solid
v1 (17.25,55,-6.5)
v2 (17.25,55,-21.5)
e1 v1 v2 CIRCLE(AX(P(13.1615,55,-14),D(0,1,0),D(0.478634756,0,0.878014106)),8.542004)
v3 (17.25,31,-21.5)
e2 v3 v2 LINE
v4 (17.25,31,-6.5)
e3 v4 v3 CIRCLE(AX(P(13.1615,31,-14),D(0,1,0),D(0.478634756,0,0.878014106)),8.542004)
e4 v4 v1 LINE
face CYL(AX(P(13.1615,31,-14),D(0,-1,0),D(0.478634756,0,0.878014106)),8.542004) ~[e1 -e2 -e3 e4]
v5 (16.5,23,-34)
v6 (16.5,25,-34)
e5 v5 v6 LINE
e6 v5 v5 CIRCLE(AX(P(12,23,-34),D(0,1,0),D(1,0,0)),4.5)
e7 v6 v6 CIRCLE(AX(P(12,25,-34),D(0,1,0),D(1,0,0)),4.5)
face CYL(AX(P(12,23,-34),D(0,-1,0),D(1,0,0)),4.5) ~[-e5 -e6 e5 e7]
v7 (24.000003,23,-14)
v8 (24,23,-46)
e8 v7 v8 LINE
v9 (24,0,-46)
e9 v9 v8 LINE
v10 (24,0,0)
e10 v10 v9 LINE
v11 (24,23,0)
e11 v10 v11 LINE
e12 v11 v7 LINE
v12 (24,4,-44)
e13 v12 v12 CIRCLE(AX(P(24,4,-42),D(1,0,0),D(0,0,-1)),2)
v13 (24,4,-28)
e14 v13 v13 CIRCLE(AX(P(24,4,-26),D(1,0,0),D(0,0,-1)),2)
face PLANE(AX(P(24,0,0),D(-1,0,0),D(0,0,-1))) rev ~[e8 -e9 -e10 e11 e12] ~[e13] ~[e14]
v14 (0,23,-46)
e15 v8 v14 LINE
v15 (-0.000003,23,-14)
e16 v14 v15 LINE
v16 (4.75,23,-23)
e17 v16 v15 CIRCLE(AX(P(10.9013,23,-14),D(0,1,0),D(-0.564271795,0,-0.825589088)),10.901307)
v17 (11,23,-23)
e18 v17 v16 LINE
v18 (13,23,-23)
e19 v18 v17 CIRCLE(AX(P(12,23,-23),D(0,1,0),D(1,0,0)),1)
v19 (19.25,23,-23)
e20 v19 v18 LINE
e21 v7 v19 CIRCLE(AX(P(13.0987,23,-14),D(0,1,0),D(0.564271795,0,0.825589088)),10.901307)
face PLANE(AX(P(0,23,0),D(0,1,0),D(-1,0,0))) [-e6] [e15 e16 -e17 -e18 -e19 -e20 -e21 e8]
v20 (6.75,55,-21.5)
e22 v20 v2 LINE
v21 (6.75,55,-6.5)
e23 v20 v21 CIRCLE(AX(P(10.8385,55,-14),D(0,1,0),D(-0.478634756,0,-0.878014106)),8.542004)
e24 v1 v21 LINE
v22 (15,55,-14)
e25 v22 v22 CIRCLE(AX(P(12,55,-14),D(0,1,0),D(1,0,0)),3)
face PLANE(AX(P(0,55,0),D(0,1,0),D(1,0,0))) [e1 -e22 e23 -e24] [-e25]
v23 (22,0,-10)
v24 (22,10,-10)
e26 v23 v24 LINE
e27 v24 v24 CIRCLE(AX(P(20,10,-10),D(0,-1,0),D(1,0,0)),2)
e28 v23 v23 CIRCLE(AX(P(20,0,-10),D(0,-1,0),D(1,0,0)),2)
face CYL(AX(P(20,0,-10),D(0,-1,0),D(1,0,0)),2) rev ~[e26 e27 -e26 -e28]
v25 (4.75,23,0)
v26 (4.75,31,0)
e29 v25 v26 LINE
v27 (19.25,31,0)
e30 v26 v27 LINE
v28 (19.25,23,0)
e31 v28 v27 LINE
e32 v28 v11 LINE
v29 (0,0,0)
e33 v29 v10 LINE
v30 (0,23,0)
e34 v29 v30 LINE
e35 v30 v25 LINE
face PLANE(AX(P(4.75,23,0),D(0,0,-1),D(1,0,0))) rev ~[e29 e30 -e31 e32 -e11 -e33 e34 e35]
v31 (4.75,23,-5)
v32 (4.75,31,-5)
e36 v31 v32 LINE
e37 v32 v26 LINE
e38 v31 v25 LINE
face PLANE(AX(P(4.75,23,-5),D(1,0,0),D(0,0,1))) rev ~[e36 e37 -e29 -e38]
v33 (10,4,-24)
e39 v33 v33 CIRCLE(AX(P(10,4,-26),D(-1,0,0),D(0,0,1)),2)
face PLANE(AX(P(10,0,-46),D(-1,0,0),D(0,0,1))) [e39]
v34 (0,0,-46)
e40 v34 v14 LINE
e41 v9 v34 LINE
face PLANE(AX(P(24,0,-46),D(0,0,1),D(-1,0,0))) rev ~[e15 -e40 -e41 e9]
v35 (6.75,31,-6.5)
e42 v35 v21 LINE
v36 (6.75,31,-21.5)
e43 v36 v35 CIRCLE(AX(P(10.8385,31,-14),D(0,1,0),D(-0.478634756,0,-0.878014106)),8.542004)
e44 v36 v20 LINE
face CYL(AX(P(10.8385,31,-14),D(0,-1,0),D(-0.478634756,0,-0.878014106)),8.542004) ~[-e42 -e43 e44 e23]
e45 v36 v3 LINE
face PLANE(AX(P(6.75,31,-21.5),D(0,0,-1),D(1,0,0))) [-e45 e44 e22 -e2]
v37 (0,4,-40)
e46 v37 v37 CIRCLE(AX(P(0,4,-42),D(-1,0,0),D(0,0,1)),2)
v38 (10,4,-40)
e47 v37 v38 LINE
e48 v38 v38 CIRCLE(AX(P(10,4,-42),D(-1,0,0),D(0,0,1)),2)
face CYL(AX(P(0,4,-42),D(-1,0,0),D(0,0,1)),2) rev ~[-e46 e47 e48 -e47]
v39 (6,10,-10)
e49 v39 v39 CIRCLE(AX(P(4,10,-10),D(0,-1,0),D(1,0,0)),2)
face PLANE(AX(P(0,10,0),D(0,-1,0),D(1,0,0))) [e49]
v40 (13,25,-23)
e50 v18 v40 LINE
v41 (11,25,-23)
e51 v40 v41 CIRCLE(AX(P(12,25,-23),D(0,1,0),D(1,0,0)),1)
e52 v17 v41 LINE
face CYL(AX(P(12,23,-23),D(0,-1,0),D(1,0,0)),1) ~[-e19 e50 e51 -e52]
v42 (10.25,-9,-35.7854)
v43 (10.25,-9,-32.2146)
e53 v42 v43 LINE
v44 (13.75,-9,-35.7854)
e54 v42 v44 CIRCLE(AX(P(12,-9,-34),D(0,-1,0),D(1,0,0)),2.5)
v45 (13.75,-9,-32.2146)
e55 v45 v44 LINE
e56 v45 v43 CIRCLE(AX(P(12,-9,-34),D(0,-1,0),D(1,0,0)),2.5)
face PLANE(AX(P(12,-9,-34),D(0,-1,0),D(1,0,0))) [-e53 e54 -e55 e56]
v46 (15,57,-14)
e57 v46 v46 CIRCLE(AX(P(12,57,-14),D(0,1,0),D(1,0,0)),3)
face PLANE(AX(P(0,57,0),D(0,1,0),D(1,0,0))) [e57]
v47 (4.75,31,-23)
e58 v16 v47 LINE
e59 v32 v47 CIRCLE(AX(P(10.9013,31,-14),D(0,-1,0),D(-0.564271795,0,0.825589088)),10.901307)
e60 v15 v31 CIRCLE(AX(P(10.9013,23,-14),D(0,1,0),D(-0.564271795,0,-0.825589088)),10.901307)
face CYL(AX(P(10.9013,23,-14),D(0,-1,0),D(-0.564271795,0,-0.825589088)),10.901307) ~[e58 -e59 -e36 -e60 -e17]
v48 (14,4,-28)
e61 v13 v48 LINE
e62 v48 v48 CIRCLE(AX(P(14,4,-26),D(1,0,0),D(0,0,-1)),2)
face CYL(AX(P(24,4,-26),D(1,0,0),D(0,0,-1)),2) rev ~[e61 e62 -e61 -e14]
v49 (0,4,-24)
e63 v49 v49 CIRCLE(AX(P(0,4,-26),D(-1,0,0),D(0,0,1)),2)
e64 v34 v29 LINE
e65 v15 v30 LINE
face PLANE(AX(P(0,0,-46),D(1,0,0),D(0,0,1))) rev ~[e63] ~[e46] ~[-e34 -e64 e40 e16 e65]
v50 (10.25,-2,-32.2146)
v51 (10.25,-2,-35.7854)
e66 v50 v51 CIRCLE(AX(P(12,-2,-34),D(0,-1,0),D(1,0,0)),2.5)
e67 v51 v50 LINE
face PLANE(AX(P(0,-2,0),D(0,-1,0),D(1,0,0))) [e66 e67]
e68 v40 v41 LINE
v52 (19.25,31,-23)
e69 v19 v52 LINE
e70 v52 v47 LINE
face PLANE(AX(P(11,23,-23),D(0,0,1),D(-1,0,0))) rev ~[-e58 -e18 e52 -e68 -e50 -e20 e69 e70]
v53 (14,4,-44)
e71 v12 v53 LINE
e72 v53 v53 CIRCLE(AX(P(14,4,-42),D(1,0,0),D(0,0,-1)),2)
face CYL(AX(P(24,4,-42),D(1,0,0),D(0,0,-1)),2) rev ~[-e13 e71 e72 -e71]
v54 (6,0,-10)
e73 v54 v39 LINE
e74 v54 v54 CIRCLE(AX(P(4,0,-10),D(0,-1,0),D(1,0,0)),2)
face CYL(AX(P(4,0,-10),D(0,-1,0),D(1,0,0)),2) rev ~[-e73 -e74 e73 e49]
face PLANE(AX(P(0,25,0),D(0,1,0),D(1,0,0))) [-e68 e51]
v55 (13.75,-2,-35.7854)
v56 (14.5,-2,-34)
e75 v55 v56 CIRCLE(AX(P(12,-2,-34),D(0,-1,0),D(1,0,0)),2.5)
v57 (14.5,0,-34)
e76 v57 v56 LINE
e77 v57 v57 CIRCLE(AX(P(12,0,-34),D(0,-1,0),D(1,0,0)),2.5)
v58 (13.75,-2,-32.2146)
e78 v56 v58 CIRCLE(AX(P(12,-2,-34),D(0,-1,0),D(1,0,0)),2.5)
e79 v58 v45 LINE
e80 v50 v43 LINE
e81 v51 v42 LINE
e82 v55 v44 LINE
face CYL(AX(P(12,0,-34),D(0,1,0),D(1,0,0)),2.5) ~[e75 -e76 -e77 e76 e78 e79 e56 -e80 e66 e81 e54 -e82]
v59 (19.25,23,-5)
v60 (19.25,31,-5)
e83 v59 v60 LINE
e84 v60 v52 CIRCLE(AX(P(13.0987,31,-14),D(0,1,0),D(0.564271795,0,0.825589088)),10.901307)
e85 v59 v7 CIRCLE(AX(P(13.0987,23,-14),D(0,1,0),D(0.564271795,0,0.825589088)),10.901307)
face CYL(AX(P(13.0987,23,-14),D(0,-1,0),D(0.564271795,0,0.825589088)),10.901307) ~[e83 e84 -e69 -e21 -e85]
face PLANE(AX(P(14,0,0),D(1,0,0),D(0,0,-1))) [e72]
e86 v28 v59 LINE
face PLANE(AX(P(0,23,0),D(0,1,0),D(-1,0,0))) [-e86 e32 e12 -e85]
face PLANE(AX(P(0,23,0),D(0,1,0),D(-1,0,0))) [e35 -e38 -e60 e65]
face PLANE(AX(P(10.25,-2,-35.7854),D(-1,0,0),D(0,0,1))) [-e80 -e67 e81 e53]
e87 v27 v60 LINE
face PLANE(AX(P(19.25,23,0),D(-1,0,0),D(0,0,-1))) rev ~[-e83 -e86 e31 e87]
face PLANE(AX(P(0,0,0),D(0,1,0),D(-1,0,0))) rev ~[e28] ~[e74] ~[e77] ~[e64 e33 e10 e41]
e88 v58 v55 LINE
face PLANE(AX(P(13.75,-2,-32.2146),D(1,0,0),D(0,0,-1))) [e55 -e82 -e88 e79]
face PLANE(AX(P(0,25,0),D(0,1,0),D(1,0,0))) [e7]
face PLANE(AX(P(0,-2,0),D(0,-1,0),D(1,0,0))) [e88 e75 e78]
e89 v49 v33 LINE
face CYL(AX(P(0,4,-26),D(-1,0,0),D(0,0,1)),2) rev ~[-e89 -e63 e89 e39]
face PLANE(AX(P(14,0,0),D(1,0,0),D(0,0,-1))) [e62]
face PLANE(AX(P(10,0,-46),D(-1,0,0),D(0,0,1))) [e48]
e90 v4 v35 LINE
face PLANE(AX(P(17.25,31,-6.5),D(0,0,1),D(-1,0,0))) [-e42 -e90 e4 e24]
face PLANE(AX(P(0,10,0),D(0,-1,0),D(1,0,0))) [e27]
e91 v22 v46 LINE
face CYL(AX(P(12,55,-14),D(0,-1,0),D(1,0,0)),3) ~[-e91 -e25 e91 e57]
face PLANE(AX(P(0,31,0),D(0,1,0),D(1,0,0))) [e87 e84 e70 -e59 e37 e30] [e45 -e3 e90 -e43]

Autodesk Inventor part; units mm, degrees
ref_plane "YZ Plane" through (0, 0, 0) normal (1, 0, 0) x (0, 1, 0)
ref_plane "XZ Plane" through (0, 0, 0) normal (0, 1, 0) x (-1, 0, 0)
ref_plane "XY Plane" through (0, 0, 0) normal (0, 0, 1) x (1, 0, 0)
sketch "Sketch1" plane through (0, 0, 0) normal (0, 1, 0) x (-1, 0, 0)
  line L0 (0, 0) -> (-24, 0)
  line L1 (-24, 0) -> (-24, -46)
  line L2 (-24, -46) -> (0, -46)
  line L3 (0, -46) -> (0, 0)
  dimension "d0" = 24
  dimension "d1" = 46
extrude "Extrusion1" add sketch "Sketch1" along normal blind 23
sketch "Sketch2" plane through (0, 23, 0) normal (0, 1, 0) x (1, 0, 0)
  line L0 (4.75, 0) -> (19.25, 0)
  line L1 (19.25, 0) -> (19.25, 5)
  line L2 (19.25, 23) -> (4.75, 23)
  line L3 (4.75, 5) -> (4.75, 0)
  line L4 (4.75, 0) -> (19.25, 23) construction
  line L5 (19.25, 0) -> (4.75, 23) construction
  line L6 (0, 0) -> (24, 0) projected
  arc A0 (13, 23) -> (11, 23) centre (12, 23) ccw
  arc A1 (4.75, 23) -> (4.75, 5) centre (10.9013, 14) ccw
  line L7 (0, 46) -> (0, 0) projected
  arc A2 (19.25, 5) -> (19.25, 23) centre (13.0987, 14) ccw
  line L8 (24, 0) -> (24, 46) projected
  circle A3 centre (12, 34) radius 4.5
  line L9 (24, 46) -> (0, 46) projected
  point P0 (12, 11.5)
  point P1 (12, 0)
  dimension "d4" = 14.5
  dimension "d5" = 23
  dimension "d6" = 2
  dimension "d8" = 9
  dimension "d9" = 12
extrude "Extrusion2" add sketch "Sketch2" along normal blind 2 contours A0 L2 | A3
extrude "Extrusion3" add sketch "Sketch2" along normal blind 8 contours L3 A1 L2 A2 L1 L0
sketch "Sketch3" plane through (0, 31, 0) normal (0, 1, 0) x (1, 0, 0)
  line L0 (17.25, 6.5) -> (6.75, 6.5)
  line L1 (6.75, 21.5) -> (17.25, 21.5)
  line L2 (17.25, 6.5) -> (6.75, 21.5) construction
  line L3 (6.75, 6.5) -> (17.25, 21.5) construction
  line L4 (19.25, 23) -> (4.75, 23) projected
  arc A0 (6.75, 21.5) -> (6.75, 6.5) centre (10.8385, 14) ccw
  arc A1 (17.25, 6.5) -> (17.25, 21.5) centre (13.1615, 14) ccw
  point P0 (0, 0)
  point P1 (12, 14)
  dimension "d17" = 8.542
  dimension "d18" = 8.542
extrude "Extrusion4" add sketch "Sketch3" along normal blind 24
sketch "Sketch4" plane through (0, 55, 0) normal (0, 1, 0) x (1, 0, 0)
  circle A0 centre (12, 14) radius 3
  line L0 (17.25, 21.5) -> (6.75, 21.5) projected
  line L1 (6.75, 6.5) -> (17.25, 6.5) projected
  point P0 (0, 0)
  dimension "d21" = 6
  dimension "d22" = 7.5
  dimension "d23" = 15
extrude "Extrusion5" add sketch "Sketch4" along normal blind 2
sketch "Sketch5" plane through (24, 0, 0) normal (1, 0, 0) x (0, 0, -1)
  circle A0 centre (42, 4) radius 2
  line L0 (46, 0) -> (46, 23) projected
  line L1 (0, 0) -> (46, 0) projected
  circle A1 centre (26, 4) radius 2
  dimension "d26" = 4
  dimension "d27" = 4
  dimension "d28" = 4
  dimension "d29" = 4
  dimension "d30" = 16
extrude "Extrusion6" cut sketch "Sketch5" against normal blind 10
sketch "Sketch6" plane through (0, 0, -46) normal (-1, 0, 0) x (0, 0, 1)
  circle A0 centre (4, 4) radius 2 projected
  circle A1 centre (4, 4) radius 2
  circle A2 centre (20, 4) radius 2 projected
  circle A3 centre (20, 4) radius 2
  point P0 (46, 0)
extrude "Extrusion7" cut sketch "Sketch6" against normal blind 10
sketch "Sketch7" plane through (0, 0, 0) normal (0, -1, 0) x (1, 0, 0)
  circle A0 centre (20, -10) radius 2
  line L0 (24, 0) -> (24, -46) projected
  line L1 (0, 0) -> (24, 0) projected
  circle A1 centre (4, -10) radius 2
  line L2 (0, -46) -> (0, 0) projected
  circle A2 centre (12, -34) radius 2.5
  line L3 (24, -46) -> (0, -46) projected
  point P0 (12, -46)
  dimension "d35" = 4
  dimension "d36" = 4
  dimension "d37" = 10
  dimension "d38" = 4
  dimension "d39" = 4
  dimension "d40" = 5
  dimension "d41" = 12
extrude "Extrusion8" cut sketch "Sketch7" against normal blind 10 contours A0 | A1
extrude "Extrusion9" add sketch "Sketch7" along normal blind 2 contours A2
sketch "Sketch8" plane through (12, -2, -34) normal (0, -1, 0) x (1, 0, 0)
  circle A0 centre (0, 0) radius 2.5 projected
  line L0 (1.75, -1.7854) -> (-1.75, -1.7854)
  line L1 (-1.75, -1.7854) -> (-1.75, 1.7854)
  line L2 (-1.75, 1.7854) -> (1.75, 1.7854)
  line L3 (1.75, 1.7854) -> (1.75, -1.7854)
  line L4 (1.75, -1.7854) -> (-1.75, 1.7854) construction
  line L5 (-1.75, -1.7854) -> (1.75, 1.7854) construction
  arc A1 (-1.75, -1.7854) -> (1.75, -1.7854) centre (0, 0) ccw
  arc A2 (1.75, 1.7854) -> (-1.75, 1.7854) centre (0, 0) ccw
  point P0 (-12, 34)
  point P1 (-1.75, -1.7854)
  point P2 (1.75, 1.7854)
  dimension "d46" = 3.5
  dimension "d47" = 3.5707
extrude "Extrusion10" add sketch "Sketch8" along normal blind 7 contours L2 A0 | L3 L0 L1 L2 | A0 L0
properties part number "Encoder Motor"
